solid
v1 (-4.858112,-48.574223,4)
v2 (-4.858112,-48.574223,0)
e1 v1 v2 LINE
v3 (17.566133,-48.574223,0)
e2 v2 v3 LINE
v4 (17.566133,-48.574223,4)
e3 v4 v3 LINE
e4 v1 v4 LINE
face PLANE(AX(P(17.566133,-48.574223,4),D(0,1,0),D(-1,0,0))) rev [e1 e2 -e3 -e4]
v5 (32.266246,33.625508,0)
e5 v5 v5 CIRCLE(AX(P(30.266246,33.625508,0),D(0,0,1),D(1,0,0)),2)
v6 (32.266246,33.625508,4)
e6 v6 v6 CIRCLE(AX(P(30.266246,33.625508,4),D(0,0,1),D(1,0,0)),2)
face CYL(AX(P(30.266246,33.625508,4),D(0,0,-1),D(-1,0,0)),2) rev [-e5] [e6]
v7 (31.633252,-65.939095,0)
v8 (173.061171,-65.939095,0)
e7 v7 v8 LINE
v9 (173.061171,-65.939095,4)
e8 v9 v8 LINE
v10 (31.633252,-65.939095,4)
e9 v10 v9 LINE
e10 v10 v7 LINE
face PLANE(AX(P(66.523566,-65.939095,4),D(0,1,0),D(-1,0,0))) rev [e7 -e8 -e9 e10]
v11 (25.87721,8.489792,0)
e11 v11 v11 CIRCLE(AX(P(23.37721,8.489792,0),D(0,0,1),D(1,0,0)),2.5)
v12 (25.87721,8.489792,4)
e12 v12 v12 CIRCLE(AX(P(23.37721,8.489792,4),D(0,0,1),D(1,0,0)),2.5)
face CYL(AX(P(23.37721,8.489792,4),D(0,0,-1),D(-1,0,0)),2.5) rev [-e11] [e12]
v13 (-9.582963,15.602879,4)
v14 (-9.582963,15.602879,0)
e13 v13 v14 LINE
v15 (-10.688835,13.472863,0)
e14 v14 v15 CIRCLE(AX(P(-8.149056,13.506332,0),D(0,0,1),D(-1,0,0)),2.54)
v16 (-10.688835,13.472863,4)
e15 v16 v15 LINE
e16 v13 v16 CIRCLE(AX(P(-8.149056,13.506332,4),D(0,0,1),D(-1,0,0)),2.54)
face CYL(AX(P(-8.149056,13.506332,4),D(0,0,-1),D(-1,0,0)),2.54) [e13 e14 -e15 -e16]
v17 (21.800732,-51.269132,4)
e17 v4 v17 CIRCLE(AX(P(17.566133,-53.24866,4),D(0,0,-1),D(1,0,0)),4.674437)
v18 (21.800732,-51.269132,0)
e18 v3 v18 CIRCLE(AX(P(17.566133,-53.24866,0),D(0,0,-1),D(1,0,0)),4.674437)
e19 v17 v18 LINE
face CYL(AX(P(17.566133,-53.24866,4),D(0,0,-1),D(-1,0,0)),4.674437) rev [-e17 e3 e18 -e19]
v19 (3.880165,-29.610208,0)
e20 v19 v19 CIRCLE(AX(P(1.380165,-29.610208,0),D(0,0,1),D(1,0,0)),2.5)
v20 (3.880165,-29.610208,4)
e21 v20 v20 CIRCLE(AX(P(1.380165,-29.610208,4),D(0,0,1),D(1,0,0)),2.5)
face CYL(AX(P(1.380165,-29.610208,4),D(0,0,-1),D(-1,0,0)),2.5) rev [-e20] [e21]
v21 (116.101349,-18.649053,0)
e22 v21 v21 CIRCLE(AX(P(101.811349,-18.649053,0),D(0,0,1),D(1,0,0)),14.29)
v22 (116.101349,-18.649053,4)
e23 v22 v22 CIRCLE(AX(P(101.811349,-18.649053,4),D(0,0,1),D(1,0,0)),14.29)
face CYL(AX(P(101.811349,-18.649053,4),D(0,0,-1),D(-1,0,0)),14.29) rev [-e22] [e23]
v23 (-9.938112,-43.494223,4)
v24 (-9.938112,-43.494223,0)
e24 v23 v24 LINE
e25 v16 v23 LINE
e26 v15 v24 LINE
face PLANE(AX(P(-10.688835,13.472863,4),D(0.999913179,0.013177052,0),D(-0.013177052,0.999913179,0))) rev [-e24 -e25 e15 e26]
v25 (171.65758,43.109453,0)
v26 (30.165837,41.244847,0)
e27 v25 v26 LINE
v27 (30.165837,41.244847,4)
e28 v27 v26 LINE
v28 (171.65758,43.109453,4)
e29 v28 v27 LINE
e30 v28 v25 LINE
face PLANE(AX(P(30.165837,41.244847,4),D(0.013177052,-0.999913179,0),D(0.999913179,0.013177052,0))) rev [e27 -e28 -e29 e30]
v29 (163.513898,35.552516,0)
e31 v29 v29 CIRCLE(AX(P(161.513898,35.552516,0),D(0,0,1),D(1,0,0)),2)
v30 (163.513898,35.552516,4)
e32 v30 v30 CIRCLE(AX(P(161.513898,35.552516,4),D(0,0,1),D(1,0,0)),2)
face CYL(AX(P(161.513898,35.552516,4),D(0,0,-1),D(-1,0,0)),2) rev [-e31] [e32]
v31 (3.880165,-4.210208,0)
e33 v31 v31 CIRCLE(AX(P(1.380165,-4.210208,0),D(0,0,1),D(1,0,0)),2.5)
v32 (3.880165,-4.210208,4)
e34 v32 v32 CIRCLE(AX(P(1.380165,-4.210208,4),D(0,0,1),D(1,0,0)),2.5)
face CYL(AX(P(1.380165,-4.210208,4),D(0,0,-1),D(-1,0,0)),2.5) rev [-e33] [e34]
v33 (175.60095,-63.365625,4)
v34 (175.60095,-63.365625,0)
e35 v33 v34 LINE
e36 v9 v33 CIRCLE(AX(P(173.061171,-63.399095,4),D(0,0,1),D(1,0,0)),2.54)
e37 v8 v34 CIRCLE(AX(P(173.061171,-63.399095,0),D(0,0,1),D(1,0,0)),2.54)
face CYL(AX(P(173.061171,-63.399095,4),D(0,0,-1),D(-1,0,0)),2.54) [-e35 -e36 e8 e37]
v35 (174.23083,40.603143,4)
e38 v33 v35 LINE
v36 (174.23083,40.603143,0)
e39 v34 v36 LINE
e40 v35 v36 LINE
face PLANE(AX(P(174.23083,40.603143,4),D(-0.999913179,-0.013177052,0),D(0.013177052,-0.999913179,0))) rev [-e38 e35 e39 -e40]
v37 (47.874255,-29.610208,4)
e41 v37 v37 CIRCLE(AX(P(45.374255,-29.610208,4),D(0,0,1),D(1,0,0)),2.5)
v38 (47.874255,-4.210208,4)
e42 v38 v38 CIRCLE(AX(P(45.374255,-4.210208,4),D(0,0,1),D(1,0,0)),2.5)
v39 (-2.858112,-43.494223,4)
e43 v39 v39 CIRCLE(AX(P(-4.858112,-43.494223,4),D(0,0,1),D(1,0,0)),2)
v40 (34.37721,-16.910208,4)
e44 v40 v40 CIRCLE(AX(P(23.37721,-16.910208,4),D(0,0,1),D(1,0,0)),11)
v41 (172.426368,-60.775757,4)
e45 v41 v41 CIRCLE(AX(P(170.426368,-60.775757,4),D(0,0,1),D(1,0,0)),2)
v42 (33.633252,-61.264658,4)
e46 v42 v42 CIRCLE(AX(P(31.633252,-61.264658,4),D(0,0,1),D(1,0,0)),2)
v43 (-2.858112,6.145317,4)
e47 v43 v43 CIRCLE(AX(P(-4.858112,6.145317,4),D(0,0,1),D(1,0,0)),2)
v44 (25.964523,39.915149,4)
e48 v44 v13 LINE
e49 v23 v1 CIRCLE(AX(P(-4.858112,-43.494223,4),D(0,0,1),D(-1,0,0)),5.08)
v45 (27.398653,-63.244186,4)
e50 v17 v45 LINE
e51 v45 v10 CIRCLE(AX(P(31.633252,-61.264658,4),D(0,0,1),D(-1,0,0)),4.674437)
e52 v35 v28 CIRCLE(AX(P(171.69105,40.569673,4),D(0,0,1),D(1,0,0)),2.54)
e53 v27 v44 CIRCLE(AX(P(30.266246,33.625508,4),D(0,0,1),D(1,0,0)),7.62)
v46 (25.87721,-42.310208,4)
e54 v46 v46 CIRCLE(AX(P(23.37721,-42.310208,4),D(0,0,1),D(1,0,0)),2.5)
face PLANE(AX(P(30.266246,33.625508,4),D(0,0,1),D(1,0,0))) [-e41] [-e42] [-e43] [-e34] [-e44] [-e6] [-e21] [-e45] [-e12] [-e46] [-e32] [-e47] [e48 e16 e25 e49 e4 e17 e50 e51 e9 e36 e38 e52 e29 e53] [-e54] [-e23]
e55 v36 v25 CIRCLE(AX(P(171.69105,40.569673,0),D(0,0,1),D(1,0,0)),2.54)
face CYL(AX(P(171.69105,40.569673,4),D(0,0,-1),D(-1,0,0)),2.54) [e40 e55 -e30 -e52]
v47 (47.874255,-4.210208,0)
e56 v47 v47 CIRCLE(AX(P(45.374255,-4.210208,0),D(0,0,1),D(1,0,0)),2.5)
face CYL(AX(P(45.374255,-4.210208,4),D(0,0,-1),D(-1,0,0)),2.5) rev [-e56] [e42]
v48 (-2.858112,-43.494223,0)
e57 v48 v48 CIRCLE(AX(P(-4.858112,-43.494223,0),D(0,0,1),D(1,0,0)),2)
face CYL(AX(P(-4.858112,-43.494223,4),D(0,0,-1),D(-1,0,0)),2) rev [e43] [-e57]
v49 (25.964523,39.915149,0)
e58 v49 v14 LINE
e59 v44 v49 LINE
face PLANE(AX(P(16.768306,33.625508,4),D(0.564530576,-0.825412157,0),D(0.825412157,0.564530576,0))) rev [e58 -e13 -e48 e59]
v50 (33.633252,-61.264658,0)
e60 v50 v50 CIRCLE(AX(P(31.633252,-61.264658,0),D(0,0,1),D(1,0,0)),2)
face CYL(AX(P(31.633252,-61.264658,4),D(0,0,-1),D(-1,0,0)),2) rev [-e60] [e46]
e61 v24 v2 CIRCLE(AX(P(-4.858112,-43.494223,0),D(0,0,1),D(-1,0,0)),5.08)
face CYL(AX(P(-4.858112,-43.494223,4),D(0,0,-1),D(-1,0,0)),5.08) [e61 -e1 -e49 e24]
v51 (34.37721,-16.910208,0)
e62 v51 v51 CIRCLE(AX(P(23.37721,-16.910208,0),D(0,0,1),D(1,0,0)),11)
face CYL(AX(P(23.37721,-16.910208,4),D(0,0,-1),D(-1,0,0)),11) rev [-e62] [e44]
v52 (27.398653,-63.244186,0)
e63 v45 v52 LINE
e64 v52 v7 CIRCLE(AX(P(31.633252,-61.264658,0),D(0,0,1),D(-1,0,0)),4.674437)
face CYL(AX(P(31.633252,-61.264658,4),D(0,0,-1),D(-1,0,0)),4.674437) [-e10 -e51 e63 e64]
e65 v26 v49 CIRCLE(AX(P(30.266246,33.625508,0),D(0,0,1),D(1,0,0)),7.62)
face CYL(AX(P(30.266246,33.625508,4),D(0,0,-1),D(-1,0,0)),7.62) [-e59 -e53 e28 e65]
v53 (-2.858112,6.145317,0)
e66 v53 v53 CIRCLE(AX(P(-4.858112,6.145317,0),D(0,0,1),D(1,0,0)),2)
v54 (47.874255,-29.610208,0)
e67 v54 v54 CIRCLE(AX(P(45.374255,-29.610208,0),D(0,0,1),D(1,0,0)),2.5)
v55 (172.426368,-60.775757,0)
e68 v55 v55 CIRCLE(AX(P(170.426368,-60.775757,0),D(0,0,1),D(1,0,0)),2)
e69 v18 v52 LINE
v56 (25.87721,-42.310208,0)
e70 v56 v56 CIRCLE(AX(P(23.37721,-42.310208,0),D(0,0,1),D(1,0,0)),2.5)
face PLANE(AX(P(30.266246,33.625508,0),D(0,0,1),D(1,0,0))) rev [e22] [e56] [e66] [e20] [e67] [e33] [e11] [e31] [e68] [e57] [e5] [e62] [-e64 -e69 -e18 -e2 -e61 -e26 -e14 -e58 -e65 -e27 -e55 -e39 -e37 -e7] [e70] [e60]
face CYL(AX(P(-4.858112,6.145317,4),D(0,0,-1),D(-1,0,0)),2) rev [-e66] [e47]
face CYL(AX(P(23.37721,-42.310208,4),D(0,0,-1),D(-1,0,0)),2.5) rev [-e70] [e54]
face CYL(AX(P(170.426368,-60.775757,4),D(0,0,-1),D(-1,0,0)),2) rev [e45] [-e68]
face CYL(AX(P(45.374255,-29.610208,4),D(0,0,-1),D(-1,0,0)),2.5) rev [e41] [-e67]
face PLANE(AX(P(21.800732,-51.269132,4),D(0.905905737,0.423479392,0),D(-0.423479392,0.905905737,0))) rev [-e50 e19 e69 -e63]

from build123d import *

# Parameters (mm, degrees)
SKETCH1_R           = 2
SKETCH1_R_2         = 14.29
SKETCH1_R_3         = 2.499999953
SKETCH1_R_4         = 11
BOSS_EXTRUDE1_DEPTH = 4


with BuildPart() as part:
    # Sketch1 → Boss-Extrude1 (new body)
    with BuildSketch(Plane.XY):
        with BuildLine():
            Line((17.566132686, -48.57422294), (-4.85811184, -48.57422294))
            ThreePointArc((-4.85811184, -48.57422294), (-8.450214288, -47.086325388), (-9.93811184, -43.49422294))
            Line((-9.93811184, -43.49422294), (-10.688835244, 13.472862597))
            ThreePointArc((-10.688835244, 13.472862597), (-10.403338368, 14.676721118), (-9.582963432, 15.602879187))
            Line((-9.582963432, 15.602879187), (-6.619834827, 17.62947485))
            Line((-6.619834827, 17.62947485), (16.768305704, 33.625508255))
            Line((16.768305704, 33.625508255), (25.964523002, 39.915148892))
            ThreePointArc((25.964523002, 39.915148892), (27.966960045, 40.890333383), (30.165836856, 41.244846678))
            Line((30.165836856, 41.244846678), (171.657580351, 43.10945257))
            ThreePointArc((171.657580351, 43.10945257), (173.463278691, 42.389235045), (174.230829536, 40.603142807))
            Line((174.230829536, 40.603142807), (175.600950315, -63.36562536))
            ThreePointArc((175.600950315, -63.36562536), (174.869016667, -65.183273725), (173.061170841, -65.939095071))
            Line((173.061170841, -65.939095071), (66.523565599, -65.939095071))
            Line((66.523565599, -65.939095071), (31.633252021, -65.939095071))
            ThreePointArc((31.633252021, -65.939095071), (29.123552435, -65.208231246), (27.398652648, -63.244185761))
            Line((27.398652648, -63.244185761), (21.800732059, -51.26913225))
            ThreePointArc((21.800732059, -51.26913225), (20.075832272, -49.305086766), (17.566132686, -48.57422294))
        make_face()
        with Locations((-4.85811184, -43.49422294)):
            Circle(SKETCH1_R, mode=Mode.SUBTRACT)
        with Locations((101.811349412, -18.649052962)):
            Circle(SKETCH1_R_2, mode=Mode.SUBTRACT)
        with Locations((31.633252021, -61.264657987)):
            Circle(SKETCH1_R, mode=Mode.SUBTRACT)
        with Locations((30.266245989, 33.625508255)):
            Circle(SKETCH1_R, mode=Mode.SUBTRACT)
        with Locations((170.426367515, -60.775756941)):
            Circle(SKETCH1_R, mode=Mode.SUBTRACT)
        with Locations((161.513898191, 35.55251649)):
            Circle(SKETCH1_R, mode=Mode.SUBTRACT)
        with Locations((-4.85811184, 6.145317428)):
            Circle(SKETCH1_R, mode=Mode.SUBTRACT)
        with Locations((23.377209906, -42.310207828)):
            Circle(SKETCH1_R_3, mode=Mode.SUBTRACT)
        with Locations((23.377209906, -16.910207828)):
            Circle(SKETCH1_R_4, mode=Mode.SUBTRACT)
        with Locations((1.38016465, -29.610207828)):
            Circle(SKETCH1_R_3, mode=Mode.SUBTRACT)
        with Locations((1.38016465, -4.210207828)):
            Circle(SKETCH1_R_3, mode=Mode.SUBTRACT)
        with Locations((23.377209906, 8.489792172)):
            Circle(SKETCH1_R_3, mode=Mode.SUBTRACT)
        with Locations((45.374255162, -4.210207828)):
            Circle(SKETCH1_R_3, mode=Mode.SUBTRACT)
        with Locations((45.374255162, -29.610207828)):
            Circle(SKETCH1_R_3, mode=Mode.SUBTRACT)
    extrude(amount=BOSS_EXTRUDE1_DEPTH)


solid = part.part
